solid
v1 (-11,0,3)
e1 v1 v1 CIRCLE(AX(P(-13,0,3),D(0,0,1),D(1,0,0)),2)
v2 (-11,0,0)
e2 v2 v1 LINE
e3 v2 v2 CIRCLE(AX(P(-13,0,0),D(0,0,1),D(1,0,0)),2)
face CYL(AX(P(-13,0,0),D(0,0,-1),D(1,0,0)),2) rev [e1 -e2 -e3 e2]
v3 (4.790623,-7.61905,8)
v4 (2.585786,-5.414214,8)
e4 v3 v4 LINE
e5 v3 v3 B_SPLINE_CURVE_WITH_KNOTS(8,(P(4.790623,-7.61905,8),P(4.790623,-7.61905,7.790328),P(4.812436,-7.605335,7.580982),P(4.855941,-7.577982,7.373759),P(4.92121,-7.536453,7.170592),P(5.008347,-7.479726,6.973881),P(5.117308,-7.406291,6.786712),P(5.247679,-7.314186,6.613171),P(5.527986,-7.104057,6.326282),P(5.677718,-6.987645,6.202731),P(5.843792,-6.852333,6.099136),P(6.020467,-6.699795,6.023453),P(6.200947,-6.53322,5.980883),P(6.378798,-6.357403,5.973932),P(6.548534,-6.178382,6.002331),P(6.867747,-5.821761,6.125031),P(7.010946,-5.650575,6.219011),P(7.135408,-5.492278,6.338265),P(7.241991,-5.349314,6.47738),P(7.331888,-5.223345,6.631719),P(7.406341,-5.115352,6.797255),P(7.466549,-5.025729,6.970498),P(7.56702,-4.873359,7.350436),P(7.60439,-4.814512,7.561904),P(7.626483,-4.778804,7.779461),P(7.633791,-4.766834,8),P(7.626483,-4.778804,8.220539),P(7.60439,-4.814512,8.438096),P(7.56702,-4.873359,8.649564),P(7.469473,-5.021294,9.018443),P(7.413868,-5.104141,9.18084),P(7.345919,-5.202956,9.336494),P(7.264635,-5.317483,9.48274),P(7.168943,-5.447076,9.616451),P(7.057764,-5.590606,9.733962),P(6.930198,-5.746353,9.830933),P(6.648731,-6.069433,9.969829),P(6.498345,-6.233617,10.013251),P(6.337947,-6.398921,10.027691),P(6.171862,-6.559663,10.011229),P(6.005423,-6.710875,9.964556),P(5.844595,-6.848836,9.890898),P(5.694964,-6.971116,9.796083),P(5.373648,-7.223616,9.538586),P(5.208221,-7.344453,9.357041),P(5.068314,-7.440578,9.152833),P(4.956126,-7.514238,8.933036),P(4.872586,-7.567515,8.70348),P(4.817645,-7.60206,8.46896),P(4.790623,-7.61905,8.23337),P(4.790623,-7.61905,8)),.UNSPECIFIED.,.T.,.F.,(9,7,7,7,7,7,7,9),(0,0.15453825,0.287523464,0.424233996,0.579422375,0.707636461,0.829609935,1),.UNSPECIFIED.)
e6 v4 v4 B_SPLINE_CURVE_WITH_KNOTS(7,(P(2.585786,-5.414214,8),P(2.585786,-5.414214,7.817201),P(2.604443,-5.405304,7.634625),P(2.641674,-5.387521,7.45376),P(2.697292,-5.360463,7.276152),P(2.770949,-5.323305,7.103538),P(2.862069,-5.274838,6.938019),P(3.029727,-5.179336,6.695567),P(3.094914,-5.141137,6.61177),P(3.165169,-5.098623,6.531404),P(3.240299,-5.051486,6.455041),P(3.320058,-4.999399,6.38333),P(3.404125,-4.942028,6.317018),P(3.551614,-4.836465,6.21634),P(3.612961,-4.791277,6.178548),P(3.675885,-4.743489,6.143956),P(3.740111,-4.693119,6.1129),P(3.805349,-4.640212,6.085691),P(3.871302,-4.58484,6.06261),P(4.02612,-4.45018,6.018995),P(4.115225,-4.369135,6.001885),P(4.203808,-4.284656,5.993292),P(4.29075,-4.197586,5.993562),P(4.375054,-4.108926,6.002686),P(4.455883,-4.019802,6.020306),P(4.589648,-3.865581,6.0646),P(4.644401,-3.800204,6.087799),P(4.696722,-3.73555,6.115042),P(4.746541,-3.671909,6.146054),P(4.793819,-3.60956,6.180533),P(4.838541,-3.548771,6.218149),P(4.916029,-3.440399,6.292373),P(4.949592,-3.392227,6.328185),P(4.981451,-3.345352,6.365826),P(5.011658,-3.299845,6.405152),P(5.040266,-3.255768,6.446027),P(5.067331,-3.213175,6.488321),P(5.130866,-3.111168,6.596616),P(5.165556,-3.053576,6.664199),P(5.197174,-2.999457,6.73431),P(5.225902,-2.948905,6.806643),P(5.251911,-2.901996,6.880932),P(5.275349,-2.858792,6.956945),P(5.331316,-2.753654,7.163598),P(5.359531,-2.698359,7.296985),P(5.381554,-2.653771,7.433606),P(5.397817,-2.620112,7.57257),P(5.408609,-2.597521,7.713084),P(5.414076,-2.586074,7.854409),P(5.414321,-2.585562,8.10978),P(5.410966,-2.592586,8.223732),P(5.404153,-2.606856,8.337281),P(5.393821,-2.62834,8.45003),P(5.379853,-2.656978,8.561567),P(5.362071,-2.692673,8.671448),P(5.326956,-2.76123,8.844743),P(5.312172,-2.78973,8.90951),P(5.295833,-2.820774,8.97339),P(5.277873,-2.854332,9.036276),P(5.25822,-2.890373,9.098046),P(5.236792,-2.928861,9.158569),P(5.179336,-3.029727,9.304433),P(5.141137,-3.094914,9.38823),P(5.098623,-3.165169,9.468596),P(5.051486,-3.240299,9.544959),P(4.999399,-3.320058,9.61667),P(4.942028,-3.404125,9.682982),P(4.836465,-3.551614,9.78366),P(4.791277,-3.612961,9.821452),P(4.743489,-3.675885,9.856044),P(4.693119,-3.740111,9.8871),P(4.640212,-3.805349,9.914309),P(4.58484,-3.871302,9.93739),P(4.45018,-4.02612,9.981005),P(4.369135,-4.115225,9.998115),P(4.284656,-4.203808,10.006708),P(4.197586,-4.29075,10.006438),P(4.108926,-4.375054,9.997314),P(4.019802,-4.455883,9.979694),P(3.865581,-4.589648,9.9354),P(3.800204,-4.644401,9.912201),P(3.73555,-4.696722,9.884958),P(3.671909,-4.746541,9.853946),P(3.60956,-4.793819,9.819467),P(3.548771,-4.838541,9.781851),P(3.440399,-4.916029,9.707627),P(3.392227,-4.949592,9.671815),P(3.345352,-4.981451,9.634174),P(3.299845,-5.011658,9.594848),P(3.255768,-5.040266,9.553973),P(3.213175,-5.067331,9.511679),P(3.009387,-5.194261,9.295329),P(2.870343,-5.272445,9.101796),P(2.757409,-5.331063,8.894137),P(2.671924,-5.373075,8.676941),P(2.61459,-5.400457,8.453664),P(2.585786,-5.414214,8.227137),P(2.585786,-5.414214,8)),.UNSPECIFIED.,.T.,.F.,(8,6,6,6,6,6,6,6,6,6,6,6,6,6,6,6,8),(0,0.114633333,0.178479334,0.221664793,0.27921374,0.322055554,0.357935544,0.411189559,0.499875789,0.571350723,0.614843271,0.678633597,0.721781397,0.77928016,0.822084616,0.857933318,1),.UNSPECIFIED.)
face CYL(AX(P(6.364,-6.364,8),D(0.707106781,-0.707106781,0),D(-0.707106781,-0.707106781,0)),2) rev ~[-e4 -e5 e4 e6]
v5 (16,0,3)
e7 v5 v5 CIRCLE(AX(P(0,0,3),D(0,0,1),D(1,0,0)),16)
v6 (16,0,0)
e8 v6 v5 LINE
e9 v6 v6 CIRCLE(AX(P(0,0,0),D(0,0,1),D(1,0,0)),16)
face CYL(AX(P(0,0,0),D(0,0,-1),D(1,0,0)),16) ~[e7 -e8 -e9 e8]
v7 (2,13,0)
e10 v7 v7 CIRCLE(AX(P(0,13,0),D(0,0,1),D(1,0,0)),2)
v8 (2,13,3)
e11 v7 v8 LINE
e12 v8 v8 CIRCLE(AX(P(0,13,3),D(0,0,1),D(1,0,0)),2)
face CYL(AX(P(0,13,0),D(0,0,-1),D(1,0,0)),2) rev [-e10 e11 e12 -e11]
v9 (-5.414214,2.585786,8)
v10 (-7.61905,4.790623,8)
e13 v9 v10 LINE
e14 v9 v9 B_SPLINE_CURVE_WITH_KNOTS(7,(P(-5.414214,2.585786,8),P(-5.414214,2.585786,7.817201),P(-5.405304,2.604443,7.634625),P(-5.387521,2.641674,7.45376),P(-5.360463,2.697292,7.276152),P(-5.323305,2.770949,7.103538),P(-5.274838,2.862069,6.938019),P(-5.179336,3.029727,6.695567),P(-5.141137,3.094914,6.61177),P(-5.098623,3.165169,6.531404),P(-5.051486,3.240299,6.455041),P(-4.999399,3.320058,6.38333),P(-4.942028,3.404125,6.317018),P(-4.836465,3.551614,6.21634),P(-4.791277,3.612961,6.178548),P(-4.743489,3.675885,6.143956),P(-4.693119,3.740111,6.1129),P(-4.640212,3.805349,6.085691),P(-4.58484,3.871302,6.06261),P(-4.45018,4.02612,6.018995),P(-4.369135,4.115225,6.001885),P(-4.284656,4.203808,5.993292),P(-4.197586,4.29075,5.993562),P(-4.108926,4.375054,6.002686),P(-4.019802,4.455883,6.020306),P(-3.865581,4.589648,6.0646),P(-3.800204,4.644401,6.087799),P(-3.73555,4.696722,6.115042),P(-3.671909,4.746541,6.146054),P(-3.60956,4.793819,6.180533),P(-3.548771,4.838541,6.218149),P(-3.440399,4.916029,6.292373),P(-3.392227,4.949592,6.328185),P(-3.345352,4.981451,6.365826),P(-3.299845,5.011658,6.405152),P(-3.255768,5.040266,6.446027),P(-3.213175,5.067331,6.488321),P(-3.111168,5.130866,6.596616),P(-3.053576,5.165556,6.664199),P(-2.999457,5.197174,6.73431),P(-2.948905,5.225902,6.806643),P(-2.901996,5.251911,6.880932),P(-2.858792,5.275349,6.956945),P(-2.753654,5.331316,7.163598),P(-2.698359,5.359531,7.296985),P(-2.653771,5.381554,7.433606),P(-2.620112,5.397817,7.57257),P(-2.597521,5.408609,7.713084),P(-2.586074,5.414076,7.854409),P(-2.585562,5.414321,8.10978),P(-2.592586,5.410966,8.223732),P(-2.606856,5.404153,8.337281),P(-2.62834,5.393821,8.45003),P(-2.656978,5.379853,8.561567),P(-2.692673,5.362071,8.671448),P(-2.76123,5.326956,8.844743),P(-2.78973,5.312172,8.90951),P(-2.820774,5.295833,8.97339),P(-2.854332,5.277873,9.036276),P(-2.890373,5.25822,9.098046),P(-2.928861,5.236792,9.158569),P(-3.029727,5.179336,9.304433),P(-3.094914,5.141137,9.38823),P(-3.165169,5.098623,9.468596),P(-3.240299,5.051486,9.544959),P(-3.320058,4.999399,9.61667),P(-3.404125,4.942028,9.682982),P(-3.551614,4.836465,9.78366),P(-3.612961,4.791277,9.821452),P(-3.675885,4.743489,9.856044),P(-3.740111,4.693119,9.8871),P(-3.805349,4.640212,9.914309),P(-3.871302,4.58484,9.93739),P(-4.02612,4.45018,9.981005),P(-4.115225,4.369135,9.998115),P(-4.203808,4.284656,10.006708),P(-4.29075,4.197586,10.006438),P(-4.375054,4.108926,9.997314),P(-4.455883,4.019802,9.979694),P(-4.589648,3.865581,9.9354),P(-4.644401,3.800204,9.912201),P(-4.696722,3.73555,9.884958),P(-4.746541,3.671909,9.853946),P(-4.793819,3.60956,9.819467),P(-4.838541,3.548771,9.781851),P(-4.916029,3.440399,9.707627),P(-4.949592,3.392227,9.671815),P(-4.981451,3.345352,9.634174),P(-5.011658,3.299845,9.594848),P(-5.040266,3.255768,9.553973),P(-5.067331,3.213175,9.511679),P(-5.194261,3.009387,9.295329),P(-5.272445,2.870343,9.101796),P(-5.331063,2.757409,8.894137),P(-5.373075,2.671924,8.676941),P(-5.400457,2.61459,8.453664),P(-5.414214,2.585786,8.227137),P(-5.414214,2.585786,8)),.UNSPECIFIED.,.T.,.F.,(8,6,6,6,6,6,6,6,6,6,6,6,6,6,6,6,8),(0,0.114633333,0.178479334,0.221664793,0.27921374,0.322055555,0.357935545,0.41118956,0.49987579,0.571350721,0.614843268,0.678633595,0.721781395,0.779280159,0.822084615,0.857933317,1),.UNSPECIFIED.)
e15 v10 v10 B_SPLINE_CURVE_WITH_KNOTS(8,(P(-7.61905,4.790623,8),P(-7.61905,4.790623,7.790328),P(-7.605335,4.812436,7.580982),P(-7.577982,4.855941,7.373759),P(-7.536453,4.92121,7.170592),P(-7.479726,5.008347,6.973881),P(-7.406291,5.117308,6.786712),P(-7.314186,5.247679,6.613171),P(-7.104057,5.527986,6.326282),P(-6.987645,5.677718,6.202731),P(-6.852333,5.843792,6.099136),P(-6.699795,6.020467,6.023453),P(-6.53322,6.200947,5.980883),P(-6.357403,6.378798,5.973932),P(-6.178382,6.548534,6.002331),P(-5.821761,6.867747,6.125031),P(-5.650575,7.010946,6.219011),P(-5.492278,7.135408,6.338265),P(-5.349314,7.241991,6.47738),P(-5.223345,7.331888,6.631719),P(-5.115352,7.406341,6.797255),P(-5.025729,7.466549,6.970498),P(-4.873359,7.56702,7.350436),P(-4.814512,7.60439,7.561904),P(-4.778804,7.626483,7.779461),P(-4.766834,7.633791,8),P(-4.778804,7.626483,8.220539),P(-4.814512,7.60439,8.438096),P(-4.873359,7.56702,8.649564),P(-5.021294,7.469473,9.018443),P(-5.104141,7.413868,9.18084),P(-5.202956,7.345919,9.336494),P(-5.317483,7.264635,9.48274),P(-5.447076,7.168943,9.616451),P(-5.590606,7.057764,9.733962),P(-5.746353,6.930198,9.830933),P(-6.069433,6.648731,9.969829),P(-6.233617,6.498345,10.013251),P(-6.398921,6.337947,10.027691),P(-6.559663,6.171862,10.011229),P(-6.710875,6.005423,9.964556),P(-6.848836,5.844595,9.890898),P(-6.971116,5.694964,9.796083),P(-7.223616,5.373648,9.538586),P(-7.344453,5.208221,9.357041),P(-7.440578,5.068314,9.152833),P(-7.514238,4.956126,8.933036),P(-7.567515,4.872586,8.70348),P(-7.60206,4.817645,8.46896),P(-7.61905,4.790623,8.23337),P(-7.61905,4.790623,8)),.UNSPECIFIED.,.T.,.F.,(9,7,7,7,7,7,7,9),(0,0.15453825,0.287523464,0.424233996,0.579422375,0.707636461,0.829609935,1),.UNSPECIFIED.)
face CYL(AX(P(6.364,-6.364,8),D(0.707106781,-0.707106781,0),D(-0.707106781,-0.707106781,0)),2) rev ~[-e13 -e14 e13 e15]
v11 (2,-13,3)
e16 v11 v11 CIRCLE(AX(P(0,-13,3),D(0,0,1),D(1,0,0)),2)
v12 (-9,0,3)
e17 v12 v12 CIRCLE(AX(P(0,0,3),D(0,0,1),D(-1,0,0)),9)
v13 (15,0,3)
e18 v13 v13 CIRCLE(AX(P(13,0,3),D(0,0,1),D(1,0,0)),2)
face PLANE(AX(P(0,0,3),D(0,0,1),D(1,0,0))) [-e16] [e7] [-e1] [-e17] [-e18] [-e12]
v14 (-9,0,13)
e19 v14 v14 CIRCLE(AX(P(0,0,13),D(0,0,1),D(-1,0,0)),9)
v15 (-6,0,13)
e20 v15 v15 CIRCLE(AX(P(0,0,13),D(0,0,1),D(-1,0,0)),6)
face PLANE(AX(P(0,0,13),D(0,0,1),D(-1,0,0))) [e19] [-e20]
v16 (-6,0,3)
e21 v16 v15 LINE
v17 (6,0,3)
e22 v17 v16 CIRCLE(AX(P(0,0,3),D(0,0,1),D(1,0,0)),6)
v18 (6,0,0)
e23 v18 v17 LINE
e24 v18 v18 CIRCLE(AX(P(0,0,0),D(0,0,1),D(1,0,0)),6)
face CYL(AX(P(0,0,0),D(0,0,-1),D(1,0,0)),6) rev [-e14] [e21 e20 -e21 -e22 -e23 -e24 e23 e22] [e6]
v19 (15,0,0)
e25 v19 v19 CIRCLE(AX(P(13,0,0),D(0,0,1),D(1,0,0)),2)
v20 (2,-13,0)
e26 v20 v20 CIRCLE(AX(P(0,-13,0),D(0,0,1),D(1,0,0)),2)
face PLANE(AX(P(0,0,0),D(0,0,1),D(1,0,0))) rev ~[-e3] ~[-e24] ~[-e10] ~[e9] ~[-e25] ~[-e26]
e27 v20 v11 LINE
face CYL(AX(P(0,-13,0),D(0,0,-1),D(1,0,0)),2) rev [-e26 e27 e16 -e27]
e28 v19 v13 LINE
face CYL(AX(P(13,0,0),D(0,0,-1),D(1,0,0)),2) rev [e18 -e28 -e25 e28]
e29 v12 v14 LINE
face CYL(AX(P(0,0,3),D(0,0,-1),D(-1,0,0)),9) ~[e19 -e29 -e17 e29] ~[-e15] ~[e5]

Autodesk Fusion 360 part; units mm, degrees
sketch "Sketch1" plane through (0, 0, 0) normal (0, 0, 1) x (1, 0, 0)
  circle A0 centre (0, 0) radius 16
  circle A1 centre (0, 0) radius 13 construction
  line L0 (0, 0) -> (0, 16) construction
  circle A2 centre (0, 13) radius 2
  circle A3 centre (-13, 0) radius 2
  circle A4 centre (0, -13) radius 2
  circle A5 centre (13, 0) radius 2
  circle A6 centre (0, 0) radius 6
  dimension "d1" = 32
  dimension "d2" = 26
  dimension "d3" = 4
  dimension "d5" = 360
  dimension "d6" = 12
extrude "Extrude1" add sketch "Sketch1" along normal blind 3
sketch "Sketch2" plane through (0, 0, 3) normal (0, 0, 1) x (-1, 0, 0)
  circle A0 centre (0, -13) radius 2
  circle A1 centre (13, 0) radius 2
  circle A2 centre (0, 13) radius 2
  circle A3 centre (-13, 0) radius 2
  circle A4 centre (0, 0) radius 6
  circle A5 centre (0, 0) radius 16
  circle A6 centre (0, 0) radius 9
  dimension "d9" = 18
extrude "Extrude2" add sketch "Sketch2" along normal blind 10 contours A6
ref_plane "WorkPlane1" through (6.364, -6.364, 9.993) normal (0.7071, -0.7071, 0) x (-0.7071, -0.7071, 0)
sketch "Sketch3" plane through (6.364, -6.364, 0) normal (0.7071, -0.7071, 0) x (-0.7071, -0.7071, 0)
  line L0 (-9, -13) -> (9, -13) construction
  line L1 (9, -3) -> (-9, -3) construction
  line L2 (0, -13) -> (0, -3) construction
  circle A0 centre (0, -8) radius 2
  line L3 (0, -8) -> (0, -10) construction
  dimension "d13" = 4
  dimension "d14" = 3
extrude "Extrude3" cut sketch "Sketch3" against normal blind 20
